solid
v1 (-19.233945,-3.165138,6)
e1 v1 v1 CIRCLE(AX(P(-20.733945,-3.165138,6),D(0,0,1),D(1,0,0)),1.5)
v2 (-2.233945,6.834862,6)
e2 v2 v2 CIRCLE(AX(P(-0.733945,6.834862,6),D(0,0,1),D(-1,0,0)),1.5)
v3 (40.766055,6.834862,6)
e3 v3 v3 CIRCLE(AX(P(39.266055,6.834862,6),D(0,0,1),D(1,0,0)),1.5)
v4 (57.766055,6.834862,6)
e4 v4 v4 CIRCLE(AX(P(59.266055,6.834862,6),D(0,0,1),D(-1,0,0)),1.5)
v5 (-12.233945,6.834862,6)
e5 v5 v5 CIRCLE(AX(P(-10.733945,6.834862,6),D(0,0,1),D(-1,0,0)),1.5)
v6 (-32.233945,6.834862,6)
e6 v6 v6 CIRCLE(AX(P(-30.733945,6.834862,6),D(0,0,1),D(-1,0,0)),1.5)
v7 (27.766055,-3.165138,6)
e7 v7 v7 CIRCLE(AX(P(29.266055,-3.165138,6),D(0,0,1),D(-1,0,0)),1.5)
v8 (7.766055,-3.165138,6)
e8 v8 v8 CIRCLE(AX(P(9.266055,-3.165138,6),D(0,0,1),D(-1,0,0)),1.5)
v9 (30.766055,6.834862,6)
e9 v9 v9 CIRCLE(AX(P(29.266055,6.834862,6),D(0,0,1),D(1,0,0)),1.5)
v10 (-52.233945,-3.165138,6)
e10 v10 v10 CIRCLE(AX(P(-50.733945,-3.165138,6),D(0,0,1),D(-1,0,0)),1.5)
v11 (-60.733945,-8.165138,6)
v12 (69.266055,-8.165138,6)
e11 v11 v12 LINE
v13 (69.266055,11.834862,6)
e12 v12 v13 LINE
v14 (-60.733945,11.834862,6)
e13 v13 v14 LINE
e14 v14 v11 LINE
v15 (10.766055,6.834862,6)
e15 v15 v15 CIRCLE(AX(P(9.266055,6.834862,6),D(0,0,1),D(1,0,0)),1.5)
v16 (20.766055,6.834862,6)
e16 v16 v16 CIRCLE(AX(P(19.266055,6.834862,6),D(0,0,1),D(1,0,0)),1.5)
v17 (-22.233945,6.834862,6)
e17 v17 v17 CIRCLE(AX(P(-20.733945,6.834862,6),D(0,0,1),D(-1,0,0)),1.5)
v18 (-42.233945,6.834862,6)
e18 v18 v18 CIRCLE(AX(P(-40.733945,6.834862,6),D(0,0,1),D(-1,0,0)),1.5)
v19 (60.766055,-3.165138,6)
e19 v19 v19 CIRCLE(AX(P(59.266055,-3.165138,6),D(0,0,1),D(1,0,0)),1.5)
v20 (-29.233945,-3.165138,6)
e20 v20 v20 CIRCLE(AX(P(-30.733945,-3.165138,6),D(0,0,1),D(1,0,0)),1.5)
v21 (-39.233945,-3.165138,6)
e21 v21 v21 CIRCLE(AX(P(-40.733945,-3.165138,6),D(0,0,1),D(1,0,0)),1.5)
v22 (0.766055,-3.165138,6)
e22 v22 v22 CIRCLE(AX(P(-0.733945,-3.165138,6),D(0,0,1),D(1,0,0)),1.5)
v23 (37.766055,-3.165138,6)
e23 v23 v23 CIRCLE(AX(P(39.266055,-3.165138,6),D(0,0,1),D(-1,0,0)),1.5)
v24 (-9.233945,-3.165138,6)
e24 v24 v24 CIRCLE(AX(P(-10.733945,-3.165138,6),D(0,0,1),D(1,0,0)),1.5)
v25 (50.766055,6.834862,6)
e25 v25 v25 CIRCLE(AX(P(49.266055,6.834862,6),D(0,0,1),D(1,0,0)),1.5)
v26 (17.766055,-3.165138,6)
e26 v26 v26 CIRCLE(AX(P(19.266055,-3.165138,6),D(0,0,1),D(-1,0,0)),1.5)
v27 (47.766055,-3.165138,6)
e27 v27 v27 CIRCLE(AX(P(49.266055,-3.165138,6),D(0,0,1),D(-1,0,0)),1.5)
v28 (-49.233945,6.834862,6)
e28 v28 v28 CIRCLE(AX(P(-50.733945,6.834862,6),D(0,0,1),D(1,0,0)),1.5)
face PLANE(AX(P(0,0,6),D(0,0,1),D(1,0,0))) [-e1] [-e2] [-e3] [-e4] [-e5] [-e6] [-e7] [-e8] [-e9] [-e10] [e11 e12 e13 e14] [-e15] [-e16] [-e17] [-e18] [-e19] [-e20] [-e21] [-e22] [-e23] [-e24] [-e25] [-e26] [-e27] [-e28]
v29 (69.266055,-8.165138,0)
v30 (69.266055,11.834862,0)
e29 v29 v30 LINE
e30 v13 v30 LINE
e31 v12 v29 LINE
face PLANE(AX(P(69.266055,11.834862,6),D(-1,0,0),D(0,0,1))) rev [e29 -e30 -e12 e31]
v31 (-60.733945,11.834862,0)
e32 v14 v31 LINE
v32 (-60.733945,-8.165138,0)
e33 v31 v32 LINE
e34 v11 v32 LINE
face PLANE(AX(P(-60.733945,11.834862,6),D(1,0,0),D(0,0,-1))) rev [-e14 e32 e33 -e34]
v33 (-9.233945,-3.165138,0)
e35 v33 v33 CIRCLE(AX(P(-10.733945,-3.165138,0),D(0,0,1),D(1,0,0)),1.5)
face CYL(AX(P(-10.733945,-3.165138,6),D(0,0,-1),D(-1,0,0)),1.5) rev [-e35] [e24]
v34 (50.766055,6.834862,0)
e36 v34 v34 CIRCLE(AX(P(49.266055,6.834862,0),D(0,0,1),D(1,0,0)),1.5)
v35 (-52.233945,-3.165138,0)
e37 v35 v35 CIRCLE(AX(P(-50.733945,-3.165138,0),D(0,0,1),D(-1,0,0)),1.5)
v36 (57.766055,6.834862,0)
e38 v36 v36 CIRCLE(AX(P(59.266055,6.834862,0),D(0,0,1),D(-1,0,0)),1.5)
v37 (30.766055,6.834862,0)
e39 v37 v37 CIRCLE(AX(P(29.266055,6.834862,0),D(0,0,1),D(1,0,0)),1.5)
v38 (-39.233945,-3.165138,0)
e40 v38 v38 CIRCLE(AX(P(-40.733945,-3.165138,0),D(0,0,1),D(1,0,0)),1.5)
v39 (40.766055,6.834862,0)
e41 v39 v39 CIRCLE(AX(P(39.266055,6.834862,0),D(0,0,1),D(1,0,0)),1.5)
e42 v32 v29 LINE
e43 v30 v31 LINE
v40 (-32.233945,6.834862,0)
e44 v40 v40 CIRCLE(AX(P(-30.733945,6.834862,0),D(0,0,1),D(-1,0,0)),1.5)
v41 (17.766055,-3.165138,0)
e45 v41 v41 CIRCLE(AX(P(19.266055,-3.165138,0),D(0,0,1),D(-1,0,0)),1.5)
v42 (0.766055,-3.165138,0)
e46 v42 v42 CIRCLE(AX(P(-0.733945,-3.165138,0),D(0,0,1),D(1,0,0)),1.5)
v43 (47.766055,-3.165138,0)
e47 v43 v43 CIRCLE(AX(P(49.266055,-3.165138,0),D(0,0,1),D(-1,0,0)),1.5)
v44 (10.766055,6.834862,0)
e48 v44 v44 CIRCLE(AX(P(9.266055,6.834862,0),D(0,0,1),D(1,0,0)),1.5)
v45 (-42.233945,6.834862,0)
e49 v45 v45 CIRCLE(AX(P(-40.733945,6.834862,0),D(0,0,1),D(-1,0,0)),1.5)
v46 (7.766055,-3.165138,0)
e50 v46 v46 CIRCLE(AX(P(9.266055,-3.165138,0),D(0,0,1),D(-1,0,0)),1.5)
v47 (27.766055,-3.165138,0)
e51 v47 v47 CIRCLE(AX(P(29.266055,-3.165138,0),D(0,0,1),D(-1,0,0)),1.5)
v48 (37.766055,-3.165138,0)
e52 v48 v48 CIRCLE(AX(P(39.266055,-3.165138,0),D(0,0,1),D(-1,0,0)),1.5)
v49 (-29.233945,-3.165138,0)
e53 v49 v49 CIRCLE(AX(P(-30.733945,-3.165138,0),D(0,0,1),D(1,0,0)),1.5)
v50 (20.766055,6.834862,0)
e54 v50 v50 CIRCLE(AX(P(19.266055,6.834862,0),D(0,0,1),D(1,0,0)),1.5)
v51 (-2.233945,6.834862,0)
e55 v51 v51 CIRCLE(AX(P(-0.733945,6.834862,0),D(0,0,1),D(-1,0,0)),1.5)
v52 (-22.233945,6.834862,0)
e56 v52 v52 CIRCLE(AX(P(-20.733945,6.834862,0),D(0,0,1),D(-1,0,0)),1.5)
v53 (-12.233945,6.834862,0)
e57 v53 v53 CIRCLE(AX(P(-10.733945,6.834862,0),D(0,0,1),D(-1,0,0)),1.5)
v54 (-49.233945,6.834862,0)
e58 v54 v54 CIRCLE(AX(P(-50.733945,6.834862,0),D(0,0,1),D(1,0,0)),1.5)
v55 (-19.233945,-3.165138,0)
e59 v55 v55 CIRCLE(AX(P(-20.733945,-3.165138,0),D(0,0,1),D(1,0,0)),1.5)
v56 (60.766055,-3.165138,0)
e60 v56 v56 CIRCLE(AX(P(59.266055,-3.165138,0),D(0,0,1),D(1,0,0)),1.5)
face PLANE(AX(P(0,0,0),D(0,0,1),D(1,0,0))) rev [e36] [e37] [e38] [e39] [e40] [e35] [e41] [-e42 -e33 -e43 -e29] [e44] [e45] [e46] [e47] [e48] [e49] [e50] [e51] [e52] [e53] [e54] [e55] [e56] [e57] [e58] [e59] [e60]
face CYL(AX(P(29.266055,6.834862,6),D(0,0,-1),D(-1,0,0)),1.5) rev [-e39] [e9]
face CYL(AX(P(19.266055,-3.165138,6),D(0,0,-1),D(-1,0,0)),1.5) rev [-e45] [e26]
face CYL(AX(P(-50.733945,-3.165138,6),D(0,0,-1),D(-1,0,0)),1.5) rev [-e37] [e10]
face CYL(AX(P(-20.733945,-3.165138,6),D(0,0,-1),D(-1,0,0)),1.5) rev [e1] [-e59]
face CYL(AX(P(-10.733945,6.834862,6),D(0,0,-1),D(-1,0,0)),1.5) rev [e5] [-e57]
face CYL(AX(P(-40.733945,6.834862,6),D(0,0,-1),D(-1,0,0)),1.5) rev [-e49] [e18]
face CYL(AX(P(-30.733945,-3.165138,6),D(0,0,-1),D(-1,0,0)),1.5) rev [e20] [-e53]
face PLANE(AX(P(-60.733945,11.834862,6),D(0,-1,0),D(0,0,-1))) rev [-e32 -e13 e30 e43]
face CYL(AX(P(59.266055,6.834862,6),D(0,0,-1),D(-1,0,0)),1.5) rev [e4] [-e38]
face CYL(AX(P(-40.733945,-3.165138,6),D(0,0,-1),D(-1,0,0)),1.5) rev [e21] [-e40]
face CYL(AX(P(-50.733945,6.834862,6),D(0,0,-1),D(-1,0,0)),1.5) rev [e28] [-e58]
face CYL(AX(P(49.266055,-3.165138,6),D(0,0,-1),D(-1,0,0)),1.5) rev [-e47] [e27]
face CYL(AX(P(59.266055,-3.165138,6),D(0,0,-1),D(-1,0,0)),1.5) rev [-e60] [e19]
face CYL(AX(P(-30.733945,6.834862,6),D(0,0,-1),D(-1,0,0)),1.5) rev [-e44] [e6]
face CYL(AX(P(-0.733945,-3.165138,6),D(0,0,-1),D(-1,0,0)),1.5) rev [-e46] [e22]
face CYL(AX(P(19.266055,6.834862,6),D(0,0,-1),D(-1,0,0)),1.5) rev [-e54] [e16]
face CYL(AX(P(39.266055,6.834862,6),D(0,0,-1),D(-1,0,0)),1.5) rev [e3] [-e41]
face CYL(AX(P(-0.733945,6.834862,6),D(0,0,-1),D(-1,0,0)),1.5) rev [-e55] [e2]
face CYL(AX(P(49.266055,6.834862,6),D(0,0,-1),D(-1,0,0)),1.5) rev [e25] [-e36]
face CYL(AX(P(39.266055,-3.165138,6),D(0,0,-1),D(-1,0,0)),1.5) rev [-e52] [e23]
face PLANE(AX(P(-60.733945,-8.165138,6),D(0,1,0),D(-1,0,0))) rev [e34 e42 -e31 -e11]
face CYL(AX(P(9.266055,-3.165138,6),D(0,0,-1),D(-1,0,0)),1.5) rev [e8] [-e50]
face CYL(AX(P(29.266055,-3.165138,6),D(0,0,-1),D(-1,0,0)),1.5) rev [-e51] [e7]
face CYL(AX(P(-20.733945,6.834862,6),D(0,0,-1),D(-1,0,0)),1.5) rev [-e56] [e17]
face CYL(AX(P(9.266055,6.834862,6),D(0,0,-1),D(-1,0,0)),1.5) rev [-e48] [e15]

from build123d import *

# Parameters (mm, degrees)
SKETCH1_W           = 130
SKETCH1_H           = 20
SKETCH1_R           = 1.5
BOSS_EXTRUDE1_DEPTH = 6


with BuildPart() as part:
    # Sketch1 → Boss-Extrude1 (new body)
    with BuildSketch(Plane.XY):
        with Locations((4.266055046, 1.834862385)):
            Rectangle(SKETCH1_W, SKETCH1_H)
        with Locations((59.266055046, -3.165137615)):
            Circle(SKETCH1_R, mode=Mode.SUBTRACT)
        with Locations((59.266055046, 6.834862385)):
            Circle(SKETCH1_R, mode=Mode.SUBTRACT)
        with Locations((-50.733944954, -3.165137615)):
            Circle(SKETCH1_R, mode=Mode.SUBTRACT)
        with Locations((-50.733944954, 6.834862385)):
            Circle(SKETCH1_R, mode=Mode.SUBTRACT)
        with Locations((49.266055046, 6.834862385)):
            Circle(SKETCH1_R, mode=Mode.SUBTRACT)
        with Locations((39.266055046, 6.834862385)):
            Circle(SKETCH1_R, mode=Mode.SUBTRACT)
        with Locations((29.266055046, 6.834862385)):
            Circle(SKETCH1_R, mode=Mode.SUBTRACT)
        with Locations((19.266055046, 6.834862385)):
            Circle(SKETCH1_R, mode=Mode.SUBTRACT)
        with Locations((9.266055046, 6.834862385)):
            Circle(SKETCH1_R, mode=Mode.SUBTRACT)
        with Locations((49.266055046, -3.165137615)):
            Circle(SKETCH1_R, mode=Mode.SUBTRACT)
        with Locations((39.266055046, -3.165137615)):
            Circle(SKETCH1_R, mode=Mode.SUBTRACT)
        with Locations((29.266055046, -3.165137615)):
            Circle(SKETCH1_R, mode=Mode.SUBTRACT)
        with Locations((19.266055046, -3.165137615)):
            Circle(SKETCH1_R, mode=Mode.SUBTRACT)
        with Locations((9.266055046, -3.165137615)):
            Circle(SKETCH1_R, mode=Mode.SUBTRACT)
        with Locations((-40.733944954, -3.165137615)):
            Circle(SKETCH1_R, mode=Mode.SUBTRACT)
        with Locations((-40.733944954, 6.834862385)):
            Circle(SKETCH1_R, mode=Mode.SUBTRACT)
        with Locations((-30.733944954, 6.834862385)):
            Circle(SKETCH1_R, mode=Mode.SUBTRACT)
        with Locations((-30.733944954, -3.165137615)):
            Circle(SKETCH1_R, mode=Mode.SUBTRACT)
        with Locations((-20.733944954, -3.165137615)):
            Circle(SKETCH1_R, mode=Mode.SUBTRACT)
        with Locations((-20.733944954, 6.834862385)):
            Circle(SKETCH1_R, mode=Mode.SUBTRACT)
        with Locations((-10.733944954, 6.834862385)):
            Circle(SKETCH1_R, mode=Mode.SUBTRACT)
        with Locations((-10.733944954, -3.165137615)):
            Circle(SKETCH1_R, mode=Mode.SUBTRACT)
        with Locations((-0.733944954, -3.165137615)):
            Circle(SKETCH1_R, mode=Mode.SUBTRACT)
        with Locations((-0.733944954, 6.834862385)):
            Circle(SKETCH1_R, mode=Mode.SUBTRACT)
    extrude(amount=BOSS_EXTRUDE1_DEPTH)


solid = part.part
